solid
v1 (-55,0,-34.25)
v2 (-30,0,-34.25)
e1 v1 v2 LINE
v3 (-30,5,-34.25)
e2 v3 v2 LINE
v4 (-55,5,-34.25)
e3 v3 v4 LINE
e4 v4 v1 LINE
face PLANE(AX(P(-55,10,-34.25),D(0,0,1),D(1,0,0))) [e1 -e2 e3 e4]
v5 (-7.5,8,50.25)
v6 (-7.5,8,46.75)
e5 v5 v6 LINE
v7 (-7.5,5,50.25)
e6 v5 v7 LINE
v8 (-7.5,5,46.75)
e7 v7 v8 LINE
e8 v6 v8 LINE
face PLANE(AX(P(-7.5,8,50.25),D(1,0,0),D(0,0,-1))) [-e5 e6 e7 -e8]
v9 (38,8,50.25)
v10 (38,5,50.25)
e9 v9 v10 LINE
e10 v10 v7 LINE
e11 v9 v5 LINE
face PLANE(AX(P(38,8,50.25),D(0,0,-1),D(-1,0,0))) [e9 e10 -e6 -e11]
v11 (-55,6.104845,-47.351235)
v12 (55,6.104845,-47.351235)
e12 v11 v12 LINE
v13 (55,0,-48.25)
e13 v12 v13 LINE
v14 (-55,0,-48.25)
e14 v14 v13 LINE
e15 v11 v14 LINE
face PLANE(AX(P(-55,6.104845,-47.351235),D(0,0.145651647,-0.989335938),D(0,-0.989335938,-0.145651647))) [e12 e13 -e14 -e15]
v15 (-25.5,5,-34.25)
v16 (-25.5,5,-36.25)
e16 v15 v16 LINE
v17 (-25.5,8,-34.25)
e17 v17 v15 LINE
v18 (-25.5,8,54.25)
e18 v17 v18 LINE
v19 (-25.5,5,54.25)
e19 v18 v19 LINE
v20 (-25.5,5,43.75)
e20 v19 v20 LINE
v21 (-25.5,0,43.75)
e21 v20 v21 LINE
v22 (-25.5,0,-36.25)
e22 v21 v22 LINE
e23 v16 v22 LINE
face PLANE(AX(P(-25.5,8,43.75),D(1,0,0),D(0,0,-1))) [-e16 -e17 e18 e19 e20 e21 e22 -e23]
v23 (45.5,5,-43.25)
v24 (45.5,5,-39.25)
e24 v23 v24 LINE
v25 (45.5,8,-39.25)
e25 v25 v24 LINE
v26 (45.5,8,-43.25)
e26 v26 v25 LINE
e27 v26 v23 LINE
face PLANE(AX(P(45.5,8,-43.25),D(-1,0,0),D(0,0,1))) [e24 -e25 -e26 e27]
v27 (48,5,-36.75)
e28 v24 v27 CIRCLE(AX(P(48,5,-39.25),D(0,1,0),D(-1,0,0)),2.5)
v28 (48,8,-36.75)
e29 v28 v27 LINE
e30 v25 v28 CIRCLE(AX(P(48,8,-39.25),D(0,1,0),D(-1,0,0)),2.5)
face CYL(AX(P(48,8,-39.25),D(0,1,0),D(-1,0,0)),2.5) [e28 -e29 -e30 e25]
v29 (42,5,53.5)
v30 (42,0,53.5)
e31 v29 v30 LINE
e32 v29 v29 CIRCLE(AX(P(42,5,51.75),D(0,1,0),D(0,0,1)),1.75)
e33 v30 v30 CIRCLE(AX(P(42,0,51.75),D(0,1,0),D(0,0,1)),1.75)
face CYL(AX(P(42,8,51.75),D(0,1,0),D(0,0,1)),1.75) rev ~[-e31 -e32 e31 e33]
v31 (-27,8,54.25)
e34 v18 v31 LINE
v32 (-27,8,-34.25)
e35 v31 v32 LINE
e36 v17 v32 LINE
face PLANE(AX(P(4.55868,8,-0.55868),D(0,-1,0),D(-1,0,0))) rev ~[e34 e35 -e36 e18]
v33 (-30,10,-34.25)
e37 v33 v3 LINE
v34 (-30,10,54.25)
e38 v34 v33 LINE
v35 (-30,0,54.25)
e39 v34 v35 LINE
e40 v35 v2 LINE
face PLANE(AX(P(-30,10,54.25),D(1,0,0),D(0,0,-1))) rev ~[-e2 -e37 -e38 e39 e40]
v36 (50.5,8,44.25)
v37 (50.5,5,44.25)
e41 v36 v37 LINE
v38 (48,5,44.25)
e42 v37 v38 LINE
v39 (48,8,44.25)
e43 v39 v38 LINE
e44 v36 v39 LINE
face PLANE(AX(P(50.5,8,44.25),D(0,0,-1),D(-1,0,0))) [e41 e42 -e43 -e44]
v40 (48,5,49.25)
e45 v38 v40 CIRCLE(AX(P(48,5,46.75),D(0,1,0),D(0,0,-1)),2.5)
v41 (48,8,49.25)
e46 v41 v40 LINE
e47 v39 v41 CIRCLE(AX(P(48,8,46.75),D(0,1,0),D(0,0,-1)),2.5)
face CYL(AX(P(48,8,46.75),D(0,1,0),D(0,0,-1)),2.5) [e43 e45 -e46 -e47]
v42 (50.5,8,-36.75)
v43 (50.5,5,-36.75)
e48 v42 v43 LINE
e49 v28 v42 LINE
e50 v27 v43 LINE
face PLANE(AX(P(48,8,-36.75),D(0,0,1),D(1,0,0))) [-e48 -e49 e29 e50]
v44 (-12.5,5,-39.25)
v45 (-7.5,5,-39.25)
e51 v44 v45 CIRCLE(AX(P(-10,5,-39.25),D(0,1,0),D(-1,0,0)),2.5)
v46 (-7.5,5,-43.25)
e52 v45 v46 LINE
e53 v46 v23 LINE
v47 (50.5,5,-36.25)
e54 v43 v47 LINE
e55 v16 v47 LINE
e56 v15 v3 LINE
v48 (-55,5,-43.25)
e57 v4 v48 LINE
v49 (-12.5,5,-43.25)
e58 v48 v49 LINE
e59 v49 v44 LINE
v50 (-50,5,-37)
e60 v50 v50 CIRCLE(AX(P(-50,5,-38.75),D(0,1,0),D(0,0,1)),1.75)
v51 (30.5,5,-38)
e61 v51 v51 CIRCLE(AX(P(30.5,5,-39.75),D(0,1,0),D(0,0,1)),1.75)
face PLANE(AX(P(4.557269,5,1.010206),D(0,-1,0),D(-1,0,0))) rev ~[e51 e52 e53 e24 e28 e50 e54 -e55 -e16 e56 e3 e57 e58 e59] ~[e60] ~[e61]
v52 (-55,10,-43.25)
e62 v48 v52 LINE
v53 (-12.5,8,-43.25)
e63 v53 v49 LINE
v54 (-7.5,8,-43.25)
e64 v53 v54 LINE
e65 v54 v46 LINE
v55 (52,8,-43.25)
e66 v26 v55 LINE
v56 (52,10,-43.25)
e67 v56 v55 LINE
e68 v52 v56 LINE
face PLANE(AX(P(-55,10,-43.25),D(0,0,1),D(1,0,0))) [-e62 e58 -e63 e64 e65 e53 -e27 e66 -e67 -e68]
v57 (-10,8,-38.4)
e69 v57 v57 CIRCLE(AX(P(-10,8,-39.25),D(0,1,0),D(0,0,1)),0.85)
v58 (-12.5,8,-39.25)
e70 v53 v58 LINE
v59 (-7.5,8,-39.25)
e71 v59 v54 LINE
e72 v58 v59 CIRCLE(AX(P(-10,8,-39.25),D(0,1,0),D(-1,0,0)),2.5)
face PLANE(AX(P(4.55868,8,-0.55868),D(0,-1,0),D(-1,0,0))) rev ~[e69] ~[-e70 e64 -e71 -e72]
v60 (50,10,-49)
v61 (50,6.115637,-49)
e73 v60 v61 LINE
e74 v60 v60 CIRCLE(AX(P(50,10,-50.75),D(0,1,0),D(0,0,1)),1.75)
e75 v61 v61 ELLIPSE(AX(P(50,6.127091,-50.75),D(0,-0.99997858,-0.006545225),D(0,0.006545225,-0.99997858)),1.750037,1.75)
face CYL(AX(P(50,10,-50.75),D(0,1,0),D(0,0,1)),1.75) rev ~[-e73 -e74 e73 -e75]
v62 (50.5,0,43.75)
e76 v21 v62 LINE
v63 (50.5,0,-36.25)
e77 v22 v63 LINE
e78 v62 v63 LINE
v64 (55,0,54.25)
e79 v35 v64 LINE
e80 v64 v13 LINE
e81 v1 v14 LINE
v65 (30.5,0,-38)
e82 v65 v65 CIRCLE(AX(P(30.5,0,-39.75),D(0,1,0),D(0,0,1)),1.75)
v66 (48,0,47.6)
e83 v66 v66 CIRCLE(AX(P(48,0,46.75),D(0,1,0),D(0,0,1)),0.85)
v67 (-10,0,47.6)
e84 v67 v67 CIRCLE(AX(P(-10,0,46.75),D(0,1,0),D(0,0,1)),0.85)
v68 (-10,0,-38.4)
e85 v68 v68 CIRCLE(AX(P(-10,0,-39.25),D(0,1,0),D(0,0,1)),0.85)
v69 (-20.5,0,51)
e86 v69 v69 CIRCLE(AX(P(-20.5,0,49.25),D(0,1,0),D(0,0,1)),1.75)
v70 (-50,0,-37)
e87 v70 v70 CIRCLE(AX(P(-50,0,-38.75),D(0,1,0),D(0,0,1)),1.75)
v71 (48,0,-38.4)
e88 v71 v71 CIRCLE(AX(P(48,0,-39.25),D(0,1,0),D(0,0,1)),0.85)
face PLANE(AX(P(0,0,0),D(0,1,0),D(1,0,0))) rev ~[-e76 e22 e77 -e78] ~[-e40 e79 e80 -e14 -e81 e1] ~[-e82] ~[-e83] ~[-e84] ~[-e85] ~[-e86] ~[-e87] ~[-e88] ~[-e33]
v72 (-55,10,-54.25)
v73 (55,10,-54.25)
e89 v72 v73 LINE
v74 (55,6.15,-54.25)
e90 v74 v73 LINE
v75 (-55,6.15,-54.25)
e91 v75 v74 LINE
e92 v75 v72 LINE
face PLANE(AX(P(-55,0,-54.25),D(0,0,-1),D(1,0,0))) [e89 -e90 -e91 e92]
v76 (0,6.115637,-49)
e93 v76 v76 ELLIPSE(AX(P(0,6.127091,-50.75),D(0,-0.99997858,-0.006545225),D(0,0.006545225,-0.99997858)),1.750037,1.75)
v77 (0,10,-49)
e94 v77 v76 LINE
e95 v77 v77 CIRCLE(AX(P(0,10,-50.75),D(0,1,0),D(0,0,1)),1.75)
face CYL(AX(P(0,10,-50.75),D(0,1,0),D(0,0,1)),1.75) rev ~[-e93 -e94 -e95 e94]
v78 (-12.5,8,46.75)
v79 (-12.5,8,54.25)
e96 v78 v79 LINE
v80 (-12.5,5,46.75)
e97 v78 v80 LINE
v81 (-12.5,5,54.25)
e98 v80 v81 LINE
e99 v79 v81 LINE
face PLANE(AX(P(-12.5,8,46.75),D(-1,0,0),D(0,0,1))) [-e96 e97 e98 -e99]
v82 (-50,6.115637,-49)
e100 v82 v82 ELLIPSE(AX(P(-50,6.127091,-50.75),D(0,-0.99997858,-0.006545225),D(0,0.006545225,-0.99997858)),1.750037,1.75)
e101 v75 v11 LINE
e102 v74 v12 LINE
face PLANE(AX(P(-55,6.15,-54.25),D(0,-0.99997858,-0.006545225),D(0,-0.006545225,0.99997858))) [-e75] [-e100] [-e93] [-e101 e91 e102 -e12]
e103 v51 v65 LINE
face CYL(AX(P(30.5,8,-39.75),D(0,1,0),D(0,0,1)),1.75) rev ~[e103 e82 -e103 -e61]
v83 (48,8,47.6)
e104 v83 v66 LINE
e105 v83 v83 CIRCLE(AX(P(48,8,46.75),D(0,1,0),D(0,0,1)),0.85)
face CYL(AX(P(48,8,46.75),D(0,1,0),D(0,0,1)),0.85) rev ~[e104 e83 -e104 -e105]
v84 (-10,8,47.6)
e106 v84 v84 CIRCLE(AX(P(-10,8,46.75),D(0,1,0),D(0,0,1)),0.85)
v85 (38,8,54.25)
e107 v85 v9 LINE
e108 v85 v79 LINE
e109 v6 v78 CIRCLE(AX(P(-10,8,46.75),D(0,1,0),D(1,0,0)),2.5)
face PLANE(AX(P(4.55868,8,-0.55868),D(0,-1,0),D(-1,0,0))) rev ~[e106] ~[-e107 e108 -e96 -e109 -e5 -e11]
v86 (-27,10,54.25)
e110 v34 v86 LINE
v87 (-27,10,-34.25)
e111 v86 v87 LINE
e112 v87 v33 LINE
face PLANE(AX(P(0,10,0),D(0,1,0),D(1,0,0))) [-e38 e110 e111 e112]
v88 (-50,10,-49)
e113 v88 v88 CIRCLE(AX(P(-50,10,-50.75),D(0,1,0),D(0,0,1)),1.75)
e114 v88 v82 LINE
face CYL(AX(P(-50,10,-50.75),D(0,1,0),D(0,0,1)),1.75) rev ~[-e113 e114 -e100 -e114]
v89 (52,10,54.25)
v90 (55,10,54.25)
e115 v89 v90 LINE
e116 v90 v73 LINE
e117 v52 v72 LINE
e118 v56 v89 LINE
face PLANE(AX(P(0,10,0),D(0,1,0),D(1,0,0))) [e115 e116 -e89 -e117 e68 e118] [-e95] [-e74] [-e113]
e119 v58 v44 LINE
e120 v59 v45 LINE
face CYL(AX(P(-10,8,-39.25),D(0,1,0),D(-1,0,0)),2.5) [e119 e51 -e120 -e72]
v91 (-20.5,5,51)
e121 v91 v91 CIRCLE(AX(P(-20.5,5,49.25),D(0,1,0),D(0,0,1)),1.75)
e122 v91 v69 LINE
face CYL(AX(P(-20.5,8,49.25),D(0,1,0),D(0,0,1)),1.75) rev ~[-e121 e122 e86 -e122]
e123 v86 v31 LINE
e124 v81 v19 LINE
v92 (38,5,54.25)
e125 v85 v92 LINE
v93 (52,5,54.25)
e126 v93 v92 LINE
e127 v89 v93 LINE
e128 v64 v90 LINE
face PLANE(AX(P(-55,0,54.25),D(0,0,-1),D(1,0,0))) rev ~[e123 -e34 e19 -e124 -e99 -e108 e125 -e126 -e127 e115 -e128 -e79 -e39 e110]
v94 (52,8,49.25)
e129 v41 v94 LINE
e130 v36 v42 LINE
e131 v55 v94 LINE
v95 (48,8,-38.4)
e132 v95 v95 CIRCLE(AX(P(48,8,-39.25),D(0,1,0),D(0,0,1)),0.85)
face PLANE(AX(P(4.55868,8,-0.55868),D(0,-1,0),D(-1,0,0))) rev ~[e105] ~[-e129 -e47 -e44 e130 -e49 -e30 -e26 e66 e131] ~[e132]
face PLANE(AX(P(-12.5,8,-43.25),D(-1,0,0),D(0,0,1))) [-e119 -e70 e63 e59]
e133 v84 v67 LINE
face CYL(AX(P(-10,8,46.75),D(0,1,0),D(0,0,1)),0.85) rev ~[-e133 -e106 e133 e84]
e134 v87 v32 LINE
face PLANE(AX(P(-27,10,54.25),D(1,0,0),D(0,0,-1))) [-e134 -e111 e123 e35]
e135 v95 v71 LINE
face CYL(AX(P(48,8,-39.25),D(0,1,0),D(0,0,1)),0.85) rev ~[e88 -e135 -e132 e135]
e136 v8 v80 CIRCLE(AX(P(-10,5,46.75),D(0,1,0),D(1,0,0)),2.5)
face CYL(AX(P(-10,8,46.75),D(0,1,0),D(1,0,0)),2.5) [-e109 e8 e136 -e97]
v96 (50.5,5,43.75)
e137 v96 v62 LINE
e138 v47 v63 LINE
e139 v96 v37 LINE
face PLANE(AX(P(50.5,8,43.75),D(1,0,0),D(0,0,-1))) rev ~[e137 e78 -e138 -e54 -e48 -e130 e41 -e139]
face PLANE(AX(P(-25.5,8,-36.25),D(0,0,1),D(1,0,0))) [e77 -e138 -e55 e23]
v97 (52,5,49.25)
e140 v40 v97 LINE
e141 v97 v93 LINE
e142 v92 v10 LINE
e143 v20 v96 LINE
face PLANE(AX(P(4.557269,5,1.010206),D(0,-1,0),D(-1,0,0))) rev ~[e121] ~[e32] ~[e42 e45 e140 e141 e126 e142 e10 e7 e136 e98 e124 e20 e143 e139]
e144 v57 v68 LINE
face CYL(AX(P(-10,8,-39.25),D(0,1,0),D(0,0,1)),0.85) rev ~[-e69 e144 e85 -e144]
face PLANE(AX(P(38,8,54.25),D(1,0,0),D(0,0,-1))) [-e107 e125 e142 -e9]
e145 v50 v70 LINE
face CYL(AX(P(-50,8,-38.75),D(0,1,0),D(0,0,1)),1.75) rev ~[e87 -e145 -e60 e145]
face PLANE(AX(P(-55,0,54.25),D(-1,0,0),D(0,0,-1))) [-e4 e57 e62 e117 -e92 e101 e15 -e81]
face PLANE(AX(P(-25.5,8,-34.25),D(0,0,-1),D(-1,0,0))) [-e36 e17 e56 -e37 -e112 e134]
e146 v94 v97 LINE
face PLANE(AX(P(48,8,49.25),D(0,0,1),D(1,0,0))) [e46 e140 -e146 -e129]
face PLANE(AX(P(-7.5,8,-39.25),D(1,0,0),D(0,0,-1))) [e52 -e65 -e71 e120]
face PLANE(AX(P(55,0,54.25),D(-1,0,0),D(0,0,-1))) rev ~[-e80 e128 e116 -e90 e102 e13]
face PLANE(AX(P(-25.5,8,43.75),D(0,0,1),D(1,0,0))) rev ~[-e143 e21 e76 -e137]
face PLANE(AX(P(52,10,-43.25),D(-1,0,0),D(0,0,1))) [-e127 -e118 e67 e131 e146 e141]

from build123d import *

# Parameters (mm, degrees)
SKETCH_2_W          = 110
SKETCH_2_H          = 108.5
EXTRUDE_1_DEPTH     = 10
CUT_EXTRUDE_1_DEPTH = 124.057151357
SKETCH_4_W          = 25
SKETCH_4_H          = 88.5
CUT_EXTRUDE_2_DEPTH = 78.897769544
CUT_EXTRUDE_3_DEPTH = 2
SKETCH_6_W          = 76
SKETCH_6_H          = 80
CUT_EXTRUDE_4_DEPTH = 78.666353719
CUT_EXTRUDE_5_DEPTH = 3
SKETCH_8_R          = 0.85
SKETCH_8_R_2        = 1.75
CUT_EXTRUDE_6_DEPTH = 78.666353719
SKETCH_9_R          = 1.75
CUT_EXTRUDE_7_DEPTH = 78.897769544


with BuildPart() as part:
    # 스케치2 → 보스-돌출1 (new body)
    with BuildSketch(Plane(origin=(0, 0, 0), x_dir=(1, 0, 0), z_dir=(0, 1, 0))):
        Rectangle(SKETCH_2_W, SKETCH_2_H)
    extrude(amount=EXTRUDE_1_DEPTH)

    # 스케치3 → 컷-돌출1 (cut, through all)
    with BuildSketch(Plane.ZY.offset(55)):
        Polygon((-54.25, 6.15), (-47.351234773, 6.104845063), (-48.25, 0), (-54.25, 0), align=None)
    extrude(amount=-CUT_EXTRUDE_1_DEPTH, mode=Mode.SUBTRACT)

    # 스케치4 → 컷-돌출2 (cut, through all)
    with BuildSketch(Plane(origin=(0, 10, 0), x_dir=(1, 0, 0), z_dir=(0, 1, 0))):
        with Locations((-42.5, -10)):
            Rectangle(SKETCH_4_W, SKETCH_4_H)
    extrude(amount=-CUT_EXTRUDE_2_DEPTH, mode=Mode.SUBTRACT)

    # 스케치5 → 컷-돌출3 (cut)
    with BuildSketch(Plane(origin=(0, 10, 0), x_dir=(1, 0, 0), z_dir=(0, 1, 0))):
        Polygon((52, -54.25), (-27, -54.25), (-27, 34.25), (-55, 34.25), (-55, 43.25), (52, 43.25), align=None)
    extrude(amount=-CUT_EXTRUDE_3_DEPTH, mode=Mode.SUBTRACT)

    # 스케치6 → 컷-돌출4 (cut, through all)
    with BuildSketch(Plane(origin=(0, 8, 0), x_dir=(1, 0, 0), z_dir=(0, 1, 0))):
        with Locations((12.5, -3.75)):
            Rectangle(SKETCH_6_W, SKETCH_6_H)
    extrude(amount=-CUT_EXTRUDE_4_DEPTH, mode=Mode.SUBTRACT)

    # 스케치7 → 컷-돌출5 (cut)
    with BuildSketch(Plane(origin=(0, 8, 0), x_dir=(1, 0, 0), z_dir=(0, 1, 0))):
        with BuildLine():
            Line((52, -54.25), (38, -54.25))
            Line((38, -54.25), (38, -50.25))
            Line((38, -50.25), (-7.5, -50.25))
            Line((-7.5, -50.25), (-7.5, -46.75))
            ThreePointArc((-7.5, -46.75), (-10, -44.25), (-12.5, -46.75))
            Line((-12.5, -46.75), (-12.5, -54.25))
            Line((-12.5, -54.25), (-25.5, -54.25))
            Line((-25.5, -54.25), (-25.5, 34.25))
            Line((-25.5, 34.25), (-55, 34.25))
            Line((-55, 34.25), (-55, 43.25))
            Line((-55, 43.25), (-12.5, 43.25))
            Line((-12.5, 43.25), (-12.5, 39.25))
            ThreePointArc((-12.5, 39.25), (-10, 36.75), (-7.5, 39.25))
            Line((-7.5, 39.25), (-7.5, 43.25))
            Line((-7.5, 43.25), (45.5, 43.25))
            Line((45.5, 43.25), (45.5, 39.25))
            ThreePointArc((45.5, 39.25), (46.232233047, 37.482233047), (48, 36.75))
            Line((48, 36.75), (50.5, 36.75))
            Line((50.5, 36.75), (50.5, -44.25))
            Line((50.5, -44.25), (48, -44.25))
            ThreePointArc((48, -44.25), (45.5, -46.75), (48, -49.25))
            Line((48, -49.25), (52, -49.25))
            Line((52, -49.25), (52, -54.25))
        make_face()
    extrude(amount=-CUT_EXTRUDE_5_DEPTH, mode=Mode.SUBTRACT)

    # 스케치8 → 컷-돌출6 (cut, through all)
    with BuildSketch(Plane(origin=(0, 8, 0), x_dir=(1, 0, 0), z_dir=(0, 1, 0))):
        with Locations(Location((-10, 39.25, 0), (0, 0, 270))):
            Circle(SKETCH_8_R)
        with Locations(Location((48, 39.25, 0), (0, 0, 270))):
            Circle(SKETCH_8_R)
        with Locations(Location((-10, -46.75, 0), (0, 0, 270))):
            Circle(SKETCH_8_R)
        with Locations(Location((48, -46.75, 0), (0, 0, 270))):
            Circle(SKETCH_8_R)
        with Locations(Location((-50, 38.75, 0), (0, 0, 270))):
            Circle(SKETCH_8_R_2)
        with Locations(Location((30.5, 39.75, 0), (0, 0, 270))):
            Circle(SKETCH_8_R_2)
        with Locations(Location((42, -51.75, 0), (0, 0, 270))):
            Circle(SKETCH_8_R_2)
        with Locations(Location((-20.5, -49.25, 0), (0, 0, 270))):
            Circle(SKETCH_8_R_2)
    extrude(amount=-CUT_EXTRUDE_6_DEPTH, mode=Mode.SUBTRACT)

    # 스케치9 → 컷-돌출7 (cut, through all)
    with BuildSketch(Plane(origin=(0, 10, 0), x_dir=(1, 0, 0), z_dir=(0, 1, 0))):
        with Locations(Location((-50, 50.75, 0), (0, 0, 270))):
            Circle(SKETCH_9_R)
        with Locations(Location((0, 50.75, 0), (0, 0, 270))):
            Circle(SKETCH_9_R)
        with Locations(Location((50, 50.75, 0), (0, 0, 270))):
            Circle(SKETCH_9_R)
    extrude(amount=-CUT_EXTRUDE_7_DEPTH, mode=Mode.SUBTRACT)


solid = part.part
